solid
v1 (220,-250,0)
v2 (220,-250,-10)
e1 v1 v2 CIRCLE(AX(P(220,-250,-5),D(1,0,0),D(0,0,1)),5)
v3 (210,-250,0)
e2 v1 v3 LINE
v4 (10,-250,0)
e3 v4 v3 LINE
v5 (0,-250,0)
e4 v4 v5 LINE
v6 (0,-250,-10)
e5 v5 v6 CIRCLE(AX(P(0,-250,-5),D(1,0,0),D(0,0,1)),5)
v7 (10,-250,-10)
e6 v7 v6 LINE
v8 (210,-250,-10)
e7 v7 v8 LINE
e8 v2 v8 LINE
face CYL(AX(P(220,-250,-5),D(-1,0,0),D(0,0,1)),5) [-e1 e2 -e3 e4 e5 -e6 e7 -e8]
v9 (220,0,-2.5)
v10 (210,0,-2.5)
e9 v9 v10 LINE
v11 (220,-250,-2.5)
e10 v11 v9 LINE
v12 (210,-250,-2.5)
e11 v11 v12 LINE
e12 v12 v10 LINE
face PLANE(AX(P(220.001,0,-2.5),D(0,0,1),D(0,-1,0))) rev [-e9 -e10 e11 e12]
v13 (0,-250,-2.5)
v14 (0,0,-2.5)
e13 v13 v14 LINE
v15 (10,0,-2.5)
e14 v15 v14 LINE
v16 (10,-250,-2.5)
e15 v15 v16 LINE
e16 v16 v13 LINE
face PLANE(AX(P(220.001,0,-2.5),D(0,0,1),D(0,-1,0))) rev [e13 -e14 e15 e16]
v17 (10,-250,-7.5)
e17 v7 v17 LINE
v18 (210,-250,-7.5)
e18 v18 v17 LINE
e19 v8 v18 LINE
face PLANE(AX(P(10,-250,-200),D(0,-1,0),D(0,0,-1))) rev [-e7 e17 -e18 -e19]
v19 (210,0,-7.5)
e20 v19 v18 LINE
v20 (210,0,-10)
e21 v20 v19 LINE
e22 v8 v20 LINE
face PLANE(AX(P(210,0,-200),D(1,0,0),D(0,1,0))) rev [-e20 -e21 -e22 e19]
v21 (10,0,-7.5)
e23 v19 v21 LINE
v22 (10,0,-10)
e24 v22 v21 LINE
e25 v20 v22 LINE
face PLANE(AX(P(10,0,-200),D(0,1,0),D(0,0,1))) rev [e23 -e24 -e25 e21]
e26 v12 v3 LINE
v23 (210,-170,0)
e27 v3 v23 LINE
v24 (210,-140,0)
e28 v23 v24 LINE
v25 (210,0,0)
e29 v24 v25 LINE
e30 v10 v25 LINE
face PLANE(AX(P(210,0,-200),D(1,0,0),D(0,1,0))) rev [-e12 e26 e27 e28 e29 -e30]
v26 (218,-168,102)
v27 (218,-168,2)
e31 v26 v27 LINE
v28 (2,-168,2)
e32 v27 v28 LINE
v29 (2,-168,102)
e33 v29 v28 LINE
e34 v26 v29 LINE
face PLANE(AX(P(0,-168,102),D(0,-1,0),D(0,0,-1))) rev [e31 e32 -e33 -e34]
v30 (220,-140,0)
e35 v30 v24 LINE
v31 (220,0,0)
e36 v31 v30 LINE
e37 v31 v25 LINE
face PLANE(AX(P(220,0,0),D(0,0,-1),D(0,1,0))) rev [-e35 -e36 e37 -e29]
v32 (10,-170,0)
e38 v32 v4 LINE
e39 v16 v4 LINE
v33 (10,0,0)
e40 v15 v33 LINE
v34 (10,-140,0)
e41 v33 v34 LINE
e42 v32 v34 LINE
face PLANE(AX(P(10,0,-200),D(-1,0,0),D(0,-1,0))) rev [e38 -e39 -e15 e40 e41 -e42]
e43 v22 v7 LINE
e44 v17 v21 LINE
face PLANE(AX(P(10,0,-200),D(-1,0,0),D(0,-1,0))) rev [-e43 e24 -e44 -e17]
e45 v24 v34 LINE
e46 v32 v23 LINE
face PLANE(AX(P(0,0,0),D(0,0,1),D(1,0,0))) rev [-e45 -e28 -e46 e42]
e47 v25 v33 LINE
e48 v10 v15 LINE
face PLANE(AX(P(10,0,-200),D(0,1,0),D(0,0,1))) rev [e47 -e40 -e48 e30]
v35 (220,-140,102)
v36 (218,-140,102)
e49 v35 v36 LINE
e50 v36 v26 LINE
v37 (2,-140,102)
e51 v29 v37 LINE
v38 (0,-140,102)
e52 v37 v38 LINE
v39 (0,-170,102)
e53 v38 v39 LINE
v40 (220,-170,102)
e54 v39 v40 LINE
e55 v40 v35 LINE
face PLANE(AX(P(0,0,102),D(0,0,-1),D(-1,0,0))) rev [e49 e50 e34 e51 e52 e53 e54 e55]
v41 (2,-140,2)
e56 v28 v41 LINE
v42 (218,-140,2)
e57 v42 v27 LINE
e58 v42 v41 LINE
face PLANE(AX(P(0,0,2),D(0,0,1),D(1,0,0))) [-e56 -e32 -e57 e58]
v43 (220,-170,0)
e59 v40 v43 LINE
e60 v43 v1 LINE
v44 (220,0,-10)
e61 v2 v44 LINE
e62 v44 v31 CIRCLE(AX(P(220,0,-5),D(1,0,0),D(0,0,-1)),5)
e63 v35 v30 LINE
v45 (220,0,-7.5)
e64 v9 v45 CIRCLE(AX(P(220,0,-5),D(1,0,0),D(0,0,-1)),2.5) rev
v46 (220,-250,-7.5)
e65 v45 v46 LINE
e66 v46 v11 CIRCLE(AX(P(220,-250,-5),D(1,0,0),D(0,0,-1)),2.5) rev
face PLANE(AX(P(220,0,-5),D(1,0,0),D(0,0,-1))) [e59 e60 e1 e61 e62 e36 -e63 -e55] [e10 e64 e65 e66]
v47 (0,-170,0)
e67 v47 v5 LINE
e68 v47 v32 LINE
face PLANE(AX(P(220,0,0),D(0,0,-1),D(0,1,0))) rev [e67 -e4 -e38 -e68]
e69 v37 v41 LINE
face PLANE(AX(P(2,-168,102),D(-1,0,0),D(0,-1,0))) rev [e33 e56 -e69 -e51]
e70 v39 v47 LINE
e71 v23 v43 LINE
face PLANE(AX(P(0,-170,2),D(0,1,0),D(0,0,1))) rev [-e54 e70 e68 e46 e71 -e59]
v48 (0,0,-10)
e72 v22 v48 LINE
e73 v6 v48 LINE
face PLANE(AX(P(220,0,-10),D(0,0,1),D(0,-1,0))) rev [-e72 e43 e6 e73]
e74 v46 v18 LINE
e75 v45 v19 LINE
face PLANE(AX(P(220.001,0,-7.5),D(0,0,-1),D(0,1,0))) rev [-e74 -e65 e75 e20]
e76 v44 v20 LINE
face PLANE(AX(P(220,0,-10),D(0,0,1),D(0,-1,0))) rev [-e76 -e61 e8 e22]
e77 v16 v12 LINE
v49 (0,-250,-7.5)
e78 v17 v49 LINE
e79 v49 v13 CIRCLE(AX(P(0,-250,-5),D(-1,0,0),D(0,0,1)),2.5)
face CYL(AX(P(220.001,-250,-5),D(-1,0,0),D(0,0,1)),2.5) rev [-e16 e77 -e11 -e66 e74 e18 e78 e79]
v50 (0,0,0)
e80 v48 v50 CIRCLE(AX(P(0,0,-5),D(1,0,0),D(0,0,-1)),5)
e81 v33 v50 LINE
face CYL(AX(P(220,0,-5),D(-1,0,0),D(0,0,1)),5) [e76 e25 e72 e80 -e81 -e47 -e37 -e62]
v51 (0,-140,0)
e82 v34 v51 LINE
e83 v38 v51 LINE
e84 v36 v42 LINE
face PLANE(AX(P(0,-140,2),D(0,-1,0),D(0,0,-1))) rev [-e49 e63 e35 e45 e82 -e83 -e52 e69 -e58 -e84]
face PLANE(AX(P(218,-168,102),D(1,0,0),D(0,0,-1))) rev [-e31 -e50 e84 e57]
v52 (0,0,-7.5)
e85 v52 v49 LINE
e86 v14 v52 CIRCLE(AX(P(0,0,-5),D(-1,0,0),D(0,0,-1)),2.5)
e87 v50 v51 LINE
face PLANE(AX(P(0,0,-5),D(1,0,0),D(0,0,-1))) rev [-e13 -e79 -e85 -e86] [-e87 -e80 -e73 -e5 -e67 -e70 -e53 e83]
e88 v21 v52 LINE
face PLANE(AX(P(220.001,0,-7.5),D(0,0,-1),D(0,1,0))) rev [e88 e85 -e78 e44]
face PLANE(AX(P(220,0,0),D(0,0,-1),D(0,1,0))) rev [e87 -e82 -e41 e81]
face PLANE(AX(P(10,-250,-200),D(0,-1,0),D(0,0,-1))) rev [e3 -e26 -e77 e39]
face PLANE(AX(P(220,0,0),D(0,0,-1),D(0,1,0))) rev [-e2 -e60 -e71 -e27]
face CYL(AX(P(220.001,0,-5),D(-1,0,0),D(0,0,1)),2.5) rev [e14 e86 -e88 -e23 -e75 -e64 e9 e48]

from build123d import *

# Parameters (mm, degrees)
BOSS_EXTRU_1_DEPTH      = 220
ENL_V_MAT_EXTRU_1_REACH = 222
ESQUISSE4_W             = 200
ESQUISSE4_H             = 250
ENL_V_MAT_EXTRU_2_DEPTH = 200
ESQUISSE5_W             = 220
ESQUISSE5_H             = 30
BOSS_EXTRU_2_DEPTH      = 2
ESQUISSE7_W             = 220
ESQUISSE7_H             = 2
BOSS_EXTRU_4_DEPTH      = 100
ESQUISSE8_W             = 2
ESQUISSE8_H             = 28
BOSS_EXTRU_5_DEPTH      = 100


with BuildPart() as part:
    # Esquisse1 → Boss.-Extru.1 (new body)
    with BuildSketch(Plane(origin=(0, 0, 0), x_dir=(0, 0, -1), z_dir=(1, 0, 0))):
        with BuildLine():
            Line((0, 0), (0, -250))
            ThreePointArc((0, -250), (5, -255), (10, -250))
            Line((10, -250), (10, 0))
            ThreePointArc((10, 0), (5, 5), (0, 0))
        make_face()
    extrude(amount=BOSS_EXTRU_1_DEPTH)

    # Esquisse2 → Enlèv. mat.-Extru.1 (cut, up to next)
    with BuildSketch(Plane.ZY, mode=Mode.PRIVATE) as enl_v_mat_extru_1_sk1:
        with BuildLine():
            Line((-7.5, 0), (-7.5, -250))
            ThreePointArc((-7.5, -250), (-5, -252.5), (-2.5, -250))
            Line((-2.5, -250), (-2.5, 0))
            ThreePointArc((-2.5, 0), (-5, 2.5), (-7.5, 0))
        make_face()
    enl_v_mat_extru_1_tool1 = extrude(enl_v_mat_extru_1_sk1.sketch, amount=-ENL_V_MAT_EXTRU_1_REACH, mode=Mode.PRIVATE) & part.part
    add(enl_v_mat_extru_1_tool1.solids().sort_by_distance((0, -125, -5))[0], mode=Mode.SUBTRACT)

    # Esquisse4 → Enlèv. mat.-Extru.2 (cut)
    with BuildSketch(Plane.XY):
        with Locations((110, -125)):
            Rectangle(ESQUISSE4_W, ESQUISSE4_H)
    extrude(amount=-ENL_V_MAT_EXTRU_2_DEPTH, mode=Mode.SUBTRACT)

    # Esquisse5 → Boss.-Extru.2 (add)
    with BuildSketch(Plane.XY):
        with Locations((110, -155)):
            Rectangle(ESQUISSE5_W, ESQUISSE5_H)
    extrude(amount=BOSS_EXTRU_2_DEPTH)

    # Esquisse7 → Boss.-Extru.4 (add)
    with BuildSketch(Plane.XY.offset(2)):
        with Locations((110, -169)):
            Rectangle(ESQUISSE7_W, ESQUISSE7_H)
    extrude(amount=BOSS_EXTRU_4_DEPTH)

    # Esquisse8 → Boss.-Extru.5 (add)
    with BuildSketch(Plane.XY.offset(2)):
        with Locations((1, -154)):
            Rectangle(ESQUISSE8_W, ESQUISSE8_H)
        with Locations((219, -154)):
            Rectangle(ESQUISSE8_W, ESQUISSE8_H)
    extrude(amount=BOSS_EXTRU_5_DEPTH)


solid = part.part
